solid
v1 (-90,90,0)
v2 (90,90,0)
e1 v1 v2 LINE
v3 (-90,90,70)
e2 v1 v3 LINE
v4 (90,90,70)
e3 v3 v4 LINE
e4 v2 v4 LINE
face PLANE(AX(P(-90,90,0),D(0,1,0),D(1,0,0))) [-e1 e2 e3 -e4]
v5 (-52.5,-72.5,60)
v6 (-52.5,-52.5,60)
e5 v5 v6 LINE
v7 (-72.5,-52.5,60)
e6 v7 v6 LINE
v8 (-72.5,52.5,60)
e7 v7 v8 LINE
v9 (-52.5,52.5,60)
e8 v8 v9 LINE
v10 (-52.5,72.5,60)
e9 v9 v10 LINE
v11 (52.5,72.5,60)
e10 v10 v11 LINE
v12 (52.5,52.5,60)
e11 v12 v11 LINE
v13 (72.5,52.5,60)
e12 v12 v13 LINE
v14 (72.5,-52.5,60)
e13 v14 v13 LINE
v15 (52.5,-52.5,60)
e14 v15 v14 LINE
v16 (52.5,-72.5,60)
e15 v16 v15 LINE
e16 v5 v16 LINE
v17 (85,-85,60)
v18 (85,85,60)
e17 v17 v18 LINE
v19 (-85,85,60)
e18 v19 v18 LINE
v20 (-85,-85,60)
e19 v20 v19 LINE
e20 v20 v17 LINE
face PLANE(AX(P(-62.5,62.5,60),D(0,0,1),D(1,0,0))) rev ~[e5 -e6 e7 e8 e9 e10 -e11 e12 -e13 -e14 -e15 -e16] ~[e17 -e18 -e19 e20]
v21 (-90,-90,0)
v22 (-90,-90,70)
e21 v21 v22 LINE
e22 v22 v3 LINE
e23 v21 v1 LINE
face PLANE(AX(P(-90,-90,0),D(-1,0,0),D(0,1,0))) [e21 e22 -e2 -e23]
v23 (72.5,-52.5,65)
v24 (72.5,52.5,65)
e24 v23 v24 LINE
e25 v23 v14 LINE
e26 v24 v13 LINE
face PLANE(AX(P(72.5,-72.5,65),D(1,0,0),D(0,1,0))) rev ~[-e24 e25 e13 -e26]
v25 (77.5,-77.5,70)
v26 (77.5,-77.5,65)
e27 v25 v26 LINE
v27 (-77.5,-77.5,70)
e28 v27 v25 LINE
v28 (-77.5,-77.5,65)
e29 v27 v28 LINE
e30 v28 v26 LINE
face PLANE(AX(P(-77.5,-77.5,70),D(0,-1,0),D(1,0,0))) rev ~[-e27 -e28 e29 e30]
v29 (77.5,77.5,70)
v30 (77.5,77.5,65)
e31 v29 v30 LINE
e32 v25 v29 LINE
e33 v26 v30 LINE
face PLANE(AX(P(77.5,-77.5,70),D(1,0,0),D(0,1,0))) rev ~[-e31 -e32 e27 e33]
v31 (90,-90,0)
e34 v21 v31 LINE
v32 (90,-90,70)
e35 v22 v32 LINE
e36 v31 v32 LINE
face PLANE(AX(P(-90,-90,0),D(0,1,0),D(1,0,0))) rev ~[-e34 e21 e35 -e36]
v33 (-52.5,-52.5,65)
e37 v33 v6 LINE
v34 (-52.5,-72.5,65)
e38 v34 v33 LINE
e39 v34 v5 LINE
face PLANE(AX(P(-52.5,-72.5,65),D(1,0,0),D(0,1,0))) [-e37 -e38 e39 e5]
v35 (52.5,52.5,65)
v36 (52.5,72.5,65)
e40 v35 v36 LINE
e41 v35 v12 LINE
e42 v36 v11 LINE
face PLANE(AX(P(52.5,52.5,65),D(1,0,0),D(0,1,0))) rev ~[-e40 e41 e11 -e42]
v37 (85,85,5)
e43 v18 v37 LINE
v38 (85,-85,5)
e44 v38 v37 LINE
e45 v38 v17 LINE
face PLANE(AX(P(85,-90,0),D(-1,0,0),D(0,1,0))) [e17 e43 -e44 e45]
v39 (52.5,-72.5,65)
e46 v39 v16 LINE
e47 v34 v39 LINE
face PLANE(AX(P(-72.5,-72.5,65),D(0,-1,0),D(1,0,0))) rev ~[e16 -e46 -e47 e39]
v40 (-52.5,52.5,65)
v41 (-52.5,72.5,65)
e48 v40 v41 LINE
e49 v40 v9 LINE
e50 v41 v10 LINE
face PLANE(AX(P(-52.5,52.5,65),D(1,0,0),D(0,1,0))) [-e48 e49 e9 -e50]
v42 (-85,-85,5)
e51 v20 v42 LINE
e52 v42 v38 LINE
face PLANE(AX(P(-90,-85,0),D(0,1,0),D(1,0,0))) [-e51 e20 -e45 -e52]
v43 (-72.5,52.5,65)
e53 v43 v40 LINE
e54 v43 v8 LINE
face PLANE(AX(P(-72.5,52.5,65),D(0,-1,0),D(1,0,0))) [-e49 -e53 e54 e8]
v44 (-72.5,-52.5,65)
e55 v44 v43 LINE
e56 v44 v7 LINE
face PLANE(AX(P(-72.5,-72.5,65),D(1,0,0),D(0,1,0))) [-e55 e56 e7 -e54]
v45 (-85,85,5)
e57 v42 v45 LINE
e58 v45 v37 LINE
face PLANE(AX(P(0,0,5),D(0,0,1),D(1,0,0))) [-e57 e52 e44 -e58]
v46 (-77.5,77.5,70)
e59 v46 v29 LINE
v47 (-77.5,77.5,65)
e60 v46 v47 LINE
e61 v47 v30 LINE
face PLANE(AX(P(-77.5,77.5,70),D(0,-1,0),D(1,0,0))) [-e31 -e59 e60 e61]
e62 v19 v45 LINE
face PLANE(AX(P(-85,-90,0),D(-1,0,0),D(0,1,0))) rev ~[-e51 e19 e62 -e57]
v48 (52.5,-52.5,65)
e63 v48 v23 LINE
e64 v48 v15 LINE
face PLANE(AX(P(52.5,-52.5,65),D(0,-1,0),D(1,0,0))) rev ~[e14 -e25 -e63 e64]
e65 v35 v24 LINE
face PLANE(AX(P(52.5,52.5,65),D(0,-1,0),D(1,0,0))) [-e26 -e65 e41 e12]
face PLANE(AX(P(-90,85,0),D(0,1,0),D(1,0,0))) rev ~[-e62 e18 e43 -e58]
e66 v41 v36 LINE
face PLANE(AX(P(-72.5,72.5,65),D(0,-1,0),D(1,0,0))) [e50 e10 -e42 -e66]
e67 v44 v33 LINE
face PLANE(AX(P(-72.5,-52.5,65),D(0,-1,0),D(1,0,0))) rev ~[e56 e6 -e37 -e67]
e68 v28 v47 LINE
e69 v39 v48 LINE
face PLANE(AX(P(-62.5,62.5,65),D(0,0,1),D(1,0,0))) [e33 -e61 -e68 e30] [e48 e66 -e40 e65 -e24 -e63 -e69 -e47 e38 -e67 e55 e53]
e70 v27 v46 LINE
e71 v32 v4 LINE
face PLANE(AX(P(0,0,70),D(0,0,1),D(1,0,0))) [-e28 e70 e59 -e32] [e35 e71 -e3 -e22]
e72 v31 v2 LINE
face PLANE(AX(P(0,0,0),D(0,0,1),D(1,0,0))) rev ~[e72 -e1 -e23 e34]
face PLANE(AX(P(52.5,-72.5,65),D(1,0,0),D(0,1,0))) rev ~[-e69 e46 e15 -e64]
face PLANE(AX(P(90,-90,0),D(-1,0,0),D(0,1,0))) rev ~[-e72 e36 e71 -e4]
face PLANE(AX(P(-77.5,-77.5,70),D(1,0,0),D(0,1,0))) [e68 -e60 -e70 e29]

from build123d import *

# Parameters (mm, degrees)
F0_W      = 180
F0_H      = 180
F1_DEPTH  = 70
F2_T      = -5
F3_W      = 170
F3_H      = 170
F4_DEPTH  = 10
F5_W      = 155
F5_H      = 155
F6_DEPTH  = 5
F7_W      = 145
F7_H      = 145
F8_DEPTH  = 25
F9_W      = 20
F9_H      = 20
F10_DEPTH = 5


with BuildPart() as f1:
    # F0 (on Top) → F1 (new body)
    with BuildSketch(Plane.XY):
        Rectangle(F0_W, F0_H)
    extrude(amount=F1_DEPTH)

    # F2
    f2_openings = [f1.faces().sort_by_distance(p)[0] for p in [
        (0, 0, 70),
    ]]
    offset(amount=F2_T, openings=f2_openings)

    # F3 (on face) → F4 (join)
    with BuildSketch(Plane.XY.offset(70)):
        Rectangle(F3_W, F3_H)
    extrude(amount=-F4_DEPTH)

    # F5 (on face) → F6 (cut)
    with BuildSketch(Plane.XY.offset(70)):
        Rectangle(F5_W, F5_H)
    extrude(amount=-F6_DEPTH, mode=Mode.SUBTRACT)

    # F7 (on face) → F8 (cut)
    with BuildSketch(Plane.XY.offset(65)):
        Rectangle(F7_W, F7_H)
    extrude(amount=-F8_DEPTH, mode=Mode.SUBTRACT)

    # F9 (on face) → F10 (join)
    with BuildSketch(Plane.XY.offset(65)):
        with Locations((-62.5, 62.5)):
            Rectangle(F9_W, F9_H)
        with Locations((62.5, 62.5)):
            Rectangle(F9_W, F9_H)
        with Locations((62.5, -62.5)):
            Rectangle(F9_W, F9_H)
        with Locations((-62.5, -62.5)):
            Rectangle(F9_W, F9_H)
    extrude(amount=-F10_DEPTH)


solid = f1.part
